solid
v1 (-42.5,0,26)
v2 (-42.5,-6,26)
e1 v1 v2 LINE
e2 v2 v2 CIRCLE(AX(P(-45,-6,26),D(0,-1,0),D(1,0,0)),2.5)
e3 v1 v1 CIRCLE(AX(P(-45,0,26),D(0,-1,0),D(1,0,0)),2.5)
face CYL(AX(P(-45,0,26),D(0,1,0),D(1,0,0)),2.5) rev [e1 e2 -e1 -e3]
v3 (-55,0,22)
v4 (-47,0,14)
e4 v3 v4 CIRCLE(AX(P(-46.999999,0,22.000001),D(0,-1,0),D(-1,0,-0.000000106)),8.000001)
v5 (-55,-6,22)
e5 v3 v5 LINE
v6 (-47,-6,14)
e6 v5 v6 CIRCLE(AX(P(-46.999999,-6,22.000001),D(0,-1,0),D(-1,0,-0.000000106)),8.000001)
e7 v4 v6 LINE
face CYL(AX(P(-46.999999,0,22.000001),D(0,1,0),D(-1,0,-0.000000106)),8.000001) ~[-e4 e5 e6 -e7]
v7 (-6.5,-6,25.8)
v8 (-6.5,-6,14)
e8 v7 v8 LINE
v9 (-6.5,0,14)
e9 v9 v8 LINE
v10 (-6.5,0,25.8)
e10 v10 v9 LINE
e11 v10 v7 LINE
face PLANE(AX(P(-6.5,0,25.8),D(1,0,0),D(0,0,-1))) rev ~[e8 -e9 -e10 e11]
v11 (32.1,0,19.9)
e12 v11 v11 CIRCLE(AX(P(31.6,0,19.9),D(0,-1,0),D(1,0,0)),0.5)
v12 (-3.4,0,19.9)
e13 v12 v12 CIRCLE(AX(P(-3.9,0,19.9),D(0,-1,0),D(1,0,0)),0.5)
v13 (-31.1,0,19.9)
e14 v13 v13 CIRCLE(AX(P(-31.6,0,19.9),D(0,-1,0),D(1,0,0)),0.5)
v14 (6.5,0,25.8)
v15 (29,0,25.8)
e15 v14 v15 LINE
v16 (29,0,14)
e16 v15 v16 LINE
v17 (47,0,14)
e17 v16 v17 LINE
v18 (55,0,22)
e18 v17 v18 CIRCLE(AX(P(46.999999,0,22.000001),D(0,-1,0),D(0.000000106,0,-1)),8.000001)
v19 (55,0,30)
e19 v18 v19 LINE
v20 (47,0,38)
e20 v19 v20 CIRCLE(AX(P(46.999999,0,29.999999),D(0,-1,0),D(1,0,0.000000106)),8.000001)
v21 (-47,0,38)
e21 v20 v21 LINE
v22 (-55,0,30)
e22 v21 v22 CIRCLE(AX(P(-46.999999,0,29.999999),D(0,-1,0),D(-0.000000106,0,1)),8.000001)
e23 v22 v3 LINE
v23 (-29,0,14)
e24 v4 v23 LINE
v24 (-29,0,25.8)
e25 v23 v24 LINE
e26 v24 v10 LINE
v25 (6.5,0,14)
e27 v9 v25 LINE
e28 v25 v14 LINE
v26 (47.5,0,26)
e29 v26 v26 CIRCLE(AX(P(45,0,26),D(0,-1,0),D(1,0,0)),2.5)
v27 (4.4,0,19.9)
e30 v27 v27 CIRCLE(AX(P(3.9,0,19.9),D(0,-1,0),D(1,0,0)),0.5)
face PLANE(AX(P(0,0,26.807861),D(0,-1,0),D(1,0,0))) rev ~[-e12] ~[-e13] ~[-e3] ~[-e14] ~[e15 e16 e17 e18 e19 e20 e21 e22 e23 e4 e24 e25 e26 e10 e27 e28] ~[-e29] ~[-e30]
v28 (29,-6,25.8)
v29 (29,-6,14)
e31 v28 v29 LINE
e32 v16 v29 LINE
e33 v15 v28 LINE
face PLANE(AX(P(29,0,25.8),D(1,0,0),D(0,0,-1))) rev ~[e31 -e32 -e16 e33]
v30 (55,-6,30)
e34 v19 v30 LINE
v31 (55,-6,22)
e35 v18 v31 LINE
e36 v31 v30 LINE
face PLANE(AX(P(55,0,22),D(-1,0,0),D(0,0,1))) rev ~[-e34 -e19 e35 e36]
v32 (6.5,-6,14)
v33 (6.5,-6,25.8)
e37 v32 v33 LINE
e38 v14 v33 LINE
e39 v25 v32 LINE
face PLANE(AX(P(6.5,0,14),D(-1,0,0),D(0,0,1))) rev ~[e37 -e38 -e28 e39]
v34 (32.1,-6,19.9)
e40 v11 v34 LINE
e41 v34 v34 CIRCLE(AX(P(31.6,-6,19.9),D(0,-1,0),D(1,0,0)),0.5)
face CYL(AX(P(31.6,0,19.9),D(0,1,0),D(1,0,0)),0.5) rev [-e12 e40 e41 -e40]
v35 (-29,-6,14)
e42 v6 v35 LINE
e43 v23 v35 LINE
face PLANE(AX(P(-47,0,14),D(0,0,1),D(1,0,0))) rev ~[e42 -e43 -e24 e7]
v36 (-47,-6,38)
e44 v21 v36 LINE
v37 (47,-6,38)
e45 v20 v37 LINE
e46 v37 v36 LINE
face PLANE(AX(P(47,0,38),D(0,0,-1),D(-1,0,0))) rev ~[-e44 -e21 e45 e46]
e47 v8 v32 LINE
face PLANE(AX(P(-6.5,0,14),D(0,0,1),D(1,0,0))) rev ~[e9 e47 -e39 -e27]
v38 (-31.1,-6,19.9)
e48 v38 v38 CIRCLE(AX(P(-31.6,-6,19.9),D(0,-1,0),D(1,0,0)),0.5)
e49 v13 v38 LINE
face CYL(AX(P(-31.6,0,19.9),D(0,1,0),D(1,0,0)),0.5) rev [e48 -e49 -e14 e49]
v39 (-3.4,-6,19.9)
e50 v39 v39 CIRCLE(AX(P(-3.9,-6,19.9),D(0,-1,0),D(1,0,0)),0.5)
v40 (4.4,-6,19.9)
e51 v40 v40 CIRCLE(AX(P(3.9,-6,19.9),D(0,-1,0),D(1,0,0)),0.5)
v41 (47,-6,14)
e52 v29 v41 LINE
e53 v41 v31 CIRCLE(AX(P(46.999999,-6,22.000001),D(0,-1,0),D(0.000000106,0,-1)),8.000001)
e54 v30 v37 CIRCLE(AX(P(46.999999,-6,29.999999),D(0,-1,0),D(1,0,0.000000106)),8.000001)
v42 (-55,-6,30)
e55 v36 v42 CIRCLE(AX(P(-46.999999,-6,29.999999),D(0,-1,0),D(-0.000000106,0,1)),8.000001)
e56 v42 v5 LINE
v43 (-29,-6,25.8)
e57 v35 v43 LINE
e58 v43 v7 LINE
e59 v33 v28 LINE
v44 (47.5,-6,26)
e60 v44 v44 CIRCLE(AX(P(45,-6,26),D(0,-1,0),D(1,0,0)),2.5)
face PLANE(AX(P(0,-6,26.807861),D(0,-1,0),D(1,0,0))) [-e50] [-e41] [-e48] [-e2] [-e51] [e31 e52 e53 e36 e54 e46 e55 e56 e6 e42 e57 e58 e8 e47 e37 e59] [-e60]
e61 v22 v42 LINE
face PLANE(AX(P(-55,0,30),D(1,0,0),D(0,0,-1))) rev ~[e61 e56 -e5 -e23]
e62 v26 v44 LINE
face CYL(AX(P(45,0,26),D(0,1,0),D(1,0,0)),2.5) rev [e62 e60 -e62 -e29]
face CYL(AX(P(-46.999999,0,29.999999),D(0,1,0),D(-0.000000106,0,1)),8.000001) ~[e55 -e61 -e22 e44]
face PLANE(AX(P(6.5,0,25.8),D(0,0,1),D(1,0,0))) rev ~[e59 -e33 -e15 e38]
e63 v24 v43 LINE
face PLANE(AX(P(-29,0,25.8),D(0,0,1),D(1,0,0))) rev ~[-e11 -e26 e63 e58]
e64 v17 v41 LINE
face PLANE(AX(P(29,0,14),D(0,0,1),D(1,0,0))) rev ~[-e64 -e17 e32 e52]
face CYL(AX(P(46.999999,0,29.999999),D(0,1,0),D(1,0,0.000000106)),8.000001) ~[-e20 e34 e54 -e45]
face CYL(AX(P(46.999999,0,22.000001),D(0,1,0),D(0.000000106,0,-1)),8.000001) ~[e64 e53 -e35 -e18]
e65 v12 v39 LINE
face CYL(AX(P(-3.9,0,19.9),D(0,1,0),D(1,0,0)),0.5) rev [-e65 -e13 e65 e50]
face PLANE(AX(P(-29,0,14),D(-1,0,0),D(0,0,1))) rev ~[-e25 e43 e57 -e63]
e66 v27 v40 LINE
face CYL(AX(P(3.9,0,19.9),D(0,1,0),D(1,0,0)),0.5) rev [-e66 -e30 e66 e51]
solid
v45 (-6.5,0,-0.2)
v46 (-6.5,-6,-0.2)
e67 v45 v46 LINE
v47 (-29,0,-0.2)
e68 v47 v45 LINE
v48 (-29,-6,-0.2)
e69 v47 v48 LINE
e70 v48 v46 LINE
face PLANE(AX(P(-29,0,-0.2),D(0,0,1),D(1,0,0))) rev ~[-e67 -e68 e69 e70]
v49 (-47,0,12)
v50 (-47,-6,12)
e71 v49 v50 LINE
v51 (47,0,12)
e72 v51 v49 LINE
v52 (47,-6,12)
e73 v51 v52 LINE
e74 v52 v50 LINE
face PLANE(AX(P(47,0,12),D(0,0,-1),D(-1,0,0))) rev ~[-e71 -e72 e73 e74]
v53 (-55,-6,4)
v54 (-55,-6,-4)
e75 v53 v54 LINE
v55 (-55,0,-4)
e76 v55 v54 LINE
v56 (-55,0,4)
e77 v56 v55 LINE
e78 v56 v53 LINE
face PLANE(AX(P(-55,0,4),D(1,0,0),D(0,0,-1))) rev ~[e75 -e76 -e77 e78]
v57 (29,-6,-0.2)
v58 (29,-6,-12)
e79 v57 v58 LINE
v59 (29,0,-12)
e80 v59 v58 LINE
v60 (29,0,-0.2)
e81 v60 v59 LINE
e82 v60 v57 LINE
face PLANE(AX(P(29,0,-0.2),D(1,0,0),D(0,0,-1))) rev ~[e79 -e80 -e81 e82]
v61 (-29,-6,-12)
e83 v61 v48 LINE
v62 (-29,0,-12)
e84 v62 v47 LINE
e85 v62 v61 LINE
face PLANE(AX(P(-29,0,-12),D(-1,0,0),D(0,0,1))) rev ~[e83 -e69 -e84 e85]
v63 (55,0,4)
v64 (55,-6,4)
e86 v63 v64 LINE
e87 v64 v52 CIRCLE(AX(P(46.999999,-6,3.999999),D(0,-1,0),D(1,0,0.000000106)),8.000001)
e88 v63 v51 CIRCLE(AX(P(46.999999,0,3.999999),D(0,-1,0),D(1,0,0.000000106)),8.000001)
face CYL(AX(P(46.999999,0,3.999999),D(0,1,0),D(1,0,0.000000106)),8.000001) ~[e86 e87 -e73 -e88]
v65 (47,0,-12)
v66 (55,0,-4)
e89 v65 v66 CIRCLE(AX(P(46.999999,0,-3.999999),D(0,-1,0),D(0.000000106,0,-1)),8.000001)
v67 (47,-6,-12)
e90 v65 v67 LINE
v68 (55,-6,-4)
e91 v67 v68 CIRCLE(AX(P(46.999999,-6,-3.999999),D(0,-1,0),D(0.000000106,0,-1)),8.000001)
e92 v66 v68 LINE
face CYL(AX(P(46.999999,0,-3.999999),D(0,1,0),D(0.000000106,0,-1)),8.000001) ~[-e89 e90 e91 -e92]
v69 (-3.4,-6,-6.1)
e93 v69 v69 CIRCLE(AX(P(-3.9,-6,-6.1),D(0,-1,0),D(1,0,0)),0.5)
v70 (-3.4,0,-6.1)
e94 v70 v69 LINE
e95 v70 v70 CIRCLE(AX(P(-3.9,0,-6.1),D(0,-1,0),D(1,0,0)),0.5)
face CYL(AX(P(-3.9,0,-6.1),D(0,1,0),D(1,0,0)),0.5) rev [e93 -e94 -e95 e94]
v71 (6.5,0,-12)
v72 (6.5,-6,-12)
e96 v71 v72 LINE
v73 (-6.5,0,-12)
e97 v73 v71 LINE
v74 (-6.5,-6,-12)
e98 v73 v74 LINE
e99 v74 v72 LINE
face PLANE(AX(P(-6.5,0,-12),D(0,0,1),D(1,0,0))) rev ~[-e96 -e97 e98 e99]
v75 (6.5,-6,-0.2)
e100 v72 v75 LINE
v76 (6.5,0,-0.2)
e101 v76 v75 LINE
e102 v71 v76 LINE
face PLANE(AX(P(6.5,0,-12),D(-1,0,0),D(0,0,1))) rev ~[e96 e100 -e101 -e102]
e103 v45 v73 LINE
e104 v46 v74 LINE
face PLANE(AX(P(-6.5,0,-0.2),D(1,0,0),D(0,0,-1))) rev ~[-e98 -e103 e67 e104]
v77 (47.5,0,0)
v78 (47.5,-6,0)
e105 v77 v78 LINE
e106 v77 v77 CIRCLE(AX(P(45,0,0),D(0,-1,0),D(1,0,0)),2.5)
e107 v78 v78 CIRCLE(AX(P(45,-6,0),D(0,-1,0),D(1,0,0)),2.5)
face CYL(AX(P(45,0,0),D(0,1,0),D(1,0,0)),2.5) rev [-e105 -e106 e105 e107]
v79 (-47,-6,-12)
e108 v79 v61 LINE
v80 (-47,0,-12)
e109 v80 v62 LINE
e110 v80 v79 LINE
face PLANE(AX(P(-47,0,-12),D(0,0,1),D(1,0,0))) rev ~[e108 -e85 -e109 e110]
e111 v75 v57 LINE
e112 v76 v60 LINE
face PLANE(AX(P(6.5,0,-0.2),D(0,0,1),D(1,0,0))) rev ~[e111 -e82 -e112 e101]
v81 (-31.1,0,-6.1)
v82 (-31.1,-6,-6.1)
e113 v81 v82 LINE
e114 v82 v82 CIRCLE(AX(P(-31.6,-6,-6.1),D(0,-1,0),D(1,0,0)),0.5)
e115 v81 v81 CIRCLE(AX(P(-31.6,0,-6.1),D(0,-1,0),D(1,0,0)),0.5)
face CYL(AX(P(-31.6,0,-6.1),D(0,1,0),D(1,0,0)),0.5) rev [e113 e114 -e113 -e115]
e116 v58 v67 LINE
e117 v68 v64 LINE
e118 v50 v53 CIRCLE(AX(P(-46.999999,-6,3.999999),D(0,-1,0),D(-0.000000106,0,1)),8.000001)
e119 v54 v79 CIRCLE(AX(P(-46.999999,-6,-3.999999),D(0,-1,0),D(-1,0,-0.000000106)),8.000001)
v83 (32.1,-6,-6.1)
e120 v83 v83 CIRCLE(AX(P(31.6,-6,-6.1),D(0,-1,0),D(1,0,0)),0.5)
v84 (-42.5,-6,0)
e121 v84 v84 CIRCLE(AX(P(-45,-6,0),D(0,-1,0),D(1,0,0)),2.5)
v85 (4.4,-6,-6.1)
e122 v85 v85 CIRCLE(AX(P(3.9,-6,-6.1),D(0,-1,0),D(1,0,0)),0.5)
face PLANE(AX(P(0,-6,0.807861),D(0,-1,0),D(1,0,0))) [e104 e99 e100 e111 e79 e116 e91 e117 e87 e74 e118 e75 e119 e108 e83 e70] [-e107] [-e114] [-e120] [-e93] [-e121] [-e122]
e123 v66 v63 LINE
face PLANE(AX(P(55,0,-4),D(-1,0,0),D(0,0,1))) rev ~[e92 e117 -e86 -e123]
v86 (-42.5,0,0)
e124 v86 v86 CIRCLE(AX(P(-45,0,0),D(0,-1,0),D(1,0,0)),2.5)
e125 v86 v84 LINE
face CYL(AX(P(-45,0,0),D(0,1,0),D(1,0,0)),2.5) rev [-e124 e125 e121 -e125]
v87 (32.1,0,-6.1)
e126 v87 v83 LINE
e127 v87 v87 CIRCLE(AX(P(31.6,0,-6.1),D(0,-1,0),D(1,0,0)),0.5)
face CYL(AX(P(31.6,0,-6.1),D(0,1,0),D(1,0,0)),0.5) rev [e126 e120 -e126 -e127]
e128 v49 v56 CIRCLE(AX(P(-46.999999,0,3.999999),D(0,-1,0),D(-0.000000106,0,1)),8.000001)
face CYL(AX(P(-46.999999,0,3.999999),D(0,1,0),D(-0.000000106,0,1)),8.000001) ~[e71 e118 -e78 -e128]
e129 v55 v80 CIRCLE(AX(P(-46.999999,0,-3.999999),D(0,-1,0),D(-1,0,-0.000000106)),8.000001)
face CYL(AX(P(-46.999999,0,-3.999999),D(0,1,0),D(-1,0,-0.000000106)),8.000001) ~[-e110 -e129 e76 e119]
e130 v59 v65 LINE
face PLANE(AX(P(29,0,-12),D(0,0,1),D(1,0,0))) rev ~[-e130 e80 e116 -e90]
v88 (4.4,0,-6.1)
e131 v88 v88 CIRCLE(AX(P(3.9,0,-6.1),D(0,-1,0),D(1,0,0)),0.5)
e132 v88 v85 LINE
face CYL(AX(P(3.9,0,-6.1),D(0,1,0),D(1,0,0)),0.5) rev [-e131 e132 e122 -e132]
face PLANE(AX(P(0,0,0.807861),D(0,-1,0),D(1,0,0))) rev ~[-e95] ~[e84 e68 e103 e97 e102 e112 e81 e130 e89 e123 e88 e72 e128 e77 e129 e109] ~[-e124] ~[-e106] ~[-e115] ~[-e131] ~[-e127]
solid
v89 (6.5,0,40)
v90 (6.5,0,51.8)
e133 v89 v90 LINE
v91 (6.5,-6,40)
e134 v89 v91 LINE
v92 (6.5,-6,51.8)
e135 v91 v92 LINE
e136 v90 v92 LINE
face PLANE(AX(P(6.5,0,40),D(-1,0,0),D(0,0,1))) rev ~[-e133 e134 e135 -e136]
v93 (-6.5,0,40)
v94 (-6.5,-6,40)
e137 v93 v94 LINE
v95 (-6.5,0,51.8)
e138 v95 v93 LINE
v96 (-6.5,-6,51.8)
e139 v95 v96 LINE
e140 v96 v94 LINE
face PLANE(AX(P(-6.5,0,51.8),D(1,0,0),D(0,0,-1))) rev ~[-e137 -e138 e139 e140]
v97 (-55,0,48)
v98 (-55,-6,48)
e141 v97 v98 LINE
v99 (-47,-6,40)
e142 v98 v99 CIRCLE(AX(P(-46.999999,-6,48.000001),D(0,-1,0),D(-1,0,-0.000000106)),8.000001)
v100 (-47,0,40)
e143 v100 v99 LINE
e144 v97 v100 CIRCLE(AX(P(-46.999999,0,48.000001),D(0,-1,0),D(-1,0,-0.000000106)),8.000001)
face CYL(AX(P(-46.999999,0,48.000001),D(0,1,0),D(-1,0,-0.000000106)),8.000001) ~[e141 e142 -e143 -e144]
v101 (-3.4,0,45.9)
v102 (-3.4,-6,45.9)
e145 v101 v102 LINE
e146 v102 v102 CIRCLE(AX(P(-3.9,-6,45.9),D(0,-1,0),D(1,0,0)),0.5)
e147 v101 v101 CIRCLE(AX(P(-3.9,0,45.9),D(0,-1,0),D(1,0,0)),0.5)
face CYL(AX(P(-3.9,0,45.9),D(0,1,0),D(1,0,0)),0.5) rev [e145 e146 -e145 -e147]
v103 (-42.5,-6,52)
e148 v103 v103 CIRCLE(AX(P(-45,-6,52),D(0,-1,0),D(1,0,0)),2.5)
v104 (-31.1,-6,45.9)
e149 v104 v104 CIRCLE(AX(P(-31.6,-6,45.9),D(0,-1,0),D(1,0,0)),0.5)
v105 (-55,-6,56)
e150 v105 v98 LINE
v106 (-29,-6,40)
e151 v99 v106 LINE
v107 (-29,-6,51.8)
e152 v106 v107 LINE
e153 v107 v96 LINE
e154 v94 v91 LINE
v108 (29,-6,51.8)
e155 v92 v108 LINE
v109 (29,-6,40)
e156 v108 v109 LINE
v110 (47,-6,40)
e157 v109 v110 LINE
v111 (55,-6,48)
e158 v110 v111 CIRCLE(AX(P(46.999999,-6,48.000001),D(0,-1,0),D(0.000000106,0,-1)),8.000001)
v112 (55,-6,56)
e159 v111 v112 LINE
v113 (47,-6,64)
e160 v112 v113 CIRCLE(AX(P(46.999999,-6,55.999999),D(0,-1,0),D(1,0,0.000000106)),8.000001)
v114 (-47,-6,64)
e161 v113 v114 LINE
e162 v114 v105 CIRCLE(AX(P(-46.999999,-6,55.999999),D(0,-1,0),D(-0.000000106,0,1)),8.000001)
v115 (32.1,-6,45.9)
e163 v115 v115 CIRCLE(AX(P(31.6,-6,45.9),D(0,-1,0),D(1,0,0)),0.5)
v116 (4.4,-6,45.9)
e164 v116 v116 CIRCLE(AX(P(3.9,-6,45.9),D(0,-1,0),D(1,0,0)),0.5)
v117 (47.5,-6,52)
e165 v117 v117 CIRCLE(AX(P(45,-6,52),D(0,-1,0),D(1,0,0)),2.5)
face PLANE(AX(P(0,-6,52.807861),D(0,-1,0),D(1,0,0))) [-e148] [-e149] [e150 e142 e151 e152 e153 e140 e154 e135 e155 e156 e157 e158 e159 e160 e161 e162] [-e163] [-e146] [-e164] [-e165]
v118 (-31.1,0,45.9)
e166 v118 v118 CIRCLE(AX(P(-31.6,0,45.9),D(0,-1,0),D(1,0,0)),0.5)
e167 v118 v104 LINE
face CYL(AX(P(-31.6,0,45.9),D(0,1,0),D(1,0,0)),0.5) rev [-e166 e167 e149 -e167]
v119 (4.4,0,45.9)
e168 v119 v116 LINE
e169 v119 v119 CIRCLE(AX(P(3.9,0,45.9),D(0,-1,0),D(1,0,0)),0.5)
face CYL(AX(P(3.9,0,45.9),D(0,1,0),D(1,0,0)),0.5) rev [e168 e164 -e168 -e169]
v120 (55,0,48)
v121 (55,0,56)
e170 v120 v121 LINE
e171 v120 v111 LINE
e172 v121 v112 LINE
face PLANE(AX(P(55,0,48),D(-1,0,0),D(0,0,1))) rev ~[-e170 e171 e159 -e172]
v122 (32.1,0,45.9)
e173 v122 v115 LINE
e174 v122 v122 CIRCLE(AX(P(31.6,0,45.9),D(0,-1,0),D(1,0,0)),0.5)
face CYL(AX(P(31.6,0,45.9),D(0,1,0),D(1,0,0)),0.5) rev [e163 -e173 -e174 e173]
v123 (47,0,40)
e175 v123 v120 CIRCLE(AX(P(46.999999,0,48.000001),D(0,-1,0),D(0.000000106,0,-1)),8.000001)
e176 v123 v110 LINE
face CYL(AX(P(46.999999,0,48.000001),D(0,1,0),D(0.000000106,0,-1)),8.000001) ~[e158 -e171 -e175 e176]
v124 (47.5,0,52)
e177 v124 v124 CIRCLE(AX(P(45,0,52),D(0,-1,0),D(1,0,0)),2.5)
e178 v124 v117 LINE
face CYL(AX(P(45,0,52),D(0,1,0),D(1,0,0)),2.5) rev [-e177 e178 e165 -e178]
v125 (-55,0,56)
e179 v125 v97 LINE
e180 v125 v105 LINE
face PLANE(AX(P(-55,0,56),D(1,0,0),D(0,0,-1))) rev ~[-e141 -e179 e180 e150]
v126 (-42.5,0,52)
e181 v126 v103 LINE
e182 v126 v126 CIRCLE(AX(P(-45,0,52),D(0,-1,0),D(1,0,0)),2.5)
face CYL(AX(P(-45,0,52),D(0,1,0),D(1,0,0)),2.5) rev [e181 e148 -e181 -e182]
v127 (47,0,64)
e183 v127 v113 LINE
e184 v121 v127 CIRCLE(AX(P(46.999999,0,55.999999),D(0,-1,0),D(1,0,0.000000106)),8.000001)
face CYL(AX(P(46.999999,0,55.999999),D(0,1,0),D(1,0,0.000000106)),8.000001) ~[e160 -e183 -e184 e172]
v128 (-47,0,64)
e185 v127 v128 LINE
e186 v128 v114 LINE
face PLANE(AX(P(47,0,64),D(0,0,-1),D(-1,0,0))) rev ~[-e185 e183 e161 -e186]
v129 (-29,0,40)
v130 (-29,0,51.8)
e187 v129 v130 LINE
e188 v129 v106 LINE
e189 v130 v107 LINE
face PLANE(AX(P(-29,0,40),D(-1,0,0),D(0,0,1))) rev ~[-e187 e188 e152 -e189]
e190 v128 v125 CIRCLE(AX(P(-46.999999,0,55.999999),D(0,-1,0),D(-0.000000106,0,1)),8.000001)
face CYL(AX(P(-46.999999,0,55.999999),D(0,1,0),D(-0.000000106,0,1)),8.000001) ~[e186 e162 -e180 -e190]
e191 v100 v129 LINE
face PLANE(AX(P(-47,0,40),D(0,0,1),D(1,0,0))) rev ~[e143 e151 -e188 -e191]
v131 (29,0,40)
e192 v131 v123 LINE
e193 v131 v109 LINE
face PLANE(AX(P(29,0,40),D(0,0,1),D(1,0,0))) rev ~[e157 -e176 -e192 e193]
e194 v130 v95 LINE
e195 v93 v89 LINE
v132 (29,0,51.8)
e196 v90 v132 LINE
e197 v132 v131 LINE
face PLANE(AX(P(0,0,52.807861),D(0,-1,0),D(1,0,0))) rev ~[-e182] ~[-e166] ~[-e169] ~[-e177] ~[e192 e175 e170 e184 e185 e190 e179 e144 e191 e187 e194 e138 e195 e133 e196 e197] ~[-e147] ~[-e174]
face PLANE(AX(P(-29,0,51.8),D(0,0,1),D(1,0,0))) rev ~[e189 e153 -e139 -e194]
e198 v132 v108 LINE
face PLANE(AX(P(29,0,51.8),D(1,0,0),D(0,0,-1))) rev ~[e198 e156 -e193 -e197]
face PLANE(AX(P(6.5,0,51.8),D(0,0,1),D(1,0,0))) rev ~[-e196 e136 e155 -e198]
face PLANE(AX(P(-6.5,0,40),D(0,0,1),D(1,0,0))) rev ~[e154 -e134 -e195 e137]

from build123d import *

# Parameters (mm, degrees)
F0_R     = 0.5
F0_R_2   = 2.5
F1_DEPTH = 6


with BuildPart() as f1:
    # F0 (on Front) → F1 (new body)
    with BuildSketch(Plane.XZ):
        with BuildLine():
            Line((47, 12), (-47, 12))
            ThreePointArc((-47, 12), (-52.656854, 9.656854), (-55, 4))
            Line((-55, 4), (-55, -4))
            ThreePointArc((-55, -4), (-52.656854, -9.656854), (-47, -12))
            Line((-47, -12), (-29, -12))
            Line((-29, -12), (-29, -0.2))
            Line((-29, -0.2), (-6.5, -0.2))
            Line((-6.5, -0.2), (-6.5, -12))
            Line((-6.5, -12), (6.5, -12))
            Line((6.5, -12), (6.5, -0.2))
            Line((6.5, -0.2), (29, -0.2))
            Line((29, -0.2), (29, -12))
            Line((29, -12), (47, -12))
            ThreePointArc((47, -12), (52.656854, -9.656854), (55, -4))
            Line((55, -4), (55, 4))
            ThreePointArc((55, 4), (52.656854, 9.656854), (47, 12))
        make_face()
        with Locations((-31.6, -6.1)):
            Circle(F0_R, mode=Mode.SUBTRACT)
        with Locations((-45, 0)):
            Circle(F0_R_2, mode=Mode.SUBTRACT)
        with Locations((-3.9, -6.1)):
            Circle(F0_R, mode=Mode.SUBTRACT)
        with Locations((3.9, -6.1)):
            Circle(F0_R, mode=Mode.SUBTRACT)
        with Locations((31.6, -6.1)):
            Circle(F0_R, mode=Mode.SUBTRACT)
        with Locations((45, 0)):
            Circle(F0_R_2, mode=Mode.SUBTRACT)
        with BuildLine():
            Line((-47, 14), (-29, 14))
            Line((-29, 14), (-29, 25.8))
            Line((-29, 25.8), (-6.5, 25.8))
            Line((-6.5, 25.8), (-6.5, 14))
            Line((-6.5, 14), (6.5, 14))
            Line((6.5, 14), (6.5, 25.8))
            Line((6.5, 25.8), (29, 25.8))
            Line((29, 25.8), (29, 14))
            Line((29, 14), (47, 14))
            ThreePointArc((47, 14), (52.656854, 16.343146), (55, 22))
            Line((55, 22), (55, 30))
            ThreePointArc((55, 30), (52.656854, 35.656854), (47, 38))
            Line((47, 38), (-47, 38))
            ThreePointArc((-47, 38), (-52.656854, 35.656854), (-55, 30))
            Line((-55, 30), (-55, 22))
            ThreePointArc((-55, 22), (-52.656854, 16.343146), (-47, 14))
        make_face()
        with Locations((-31.6, 19.9)):
            Circle(F0_R, mode=Mode.SUBTRACT)
        with Locations((-3.9, 19.9)):
            Circle(F0_R, mode=Mode.SUBTRACT)
        with Locations((3.9, 19.9)):
            Circle(F0_R, mode=Mode.SUBTRACT)
        with Locations((31.6, 19.9)):
            Circle(F0_R, mode=Mode.SUBTRACT)
        with Locations((-45, 26)):
            Circle(F0_R_2, mode=Mode.SUBTRACT)
        with Locations((45, 26)):
            Circle(F0_R_2, mode=Mode.SUBTRACT)
        with BuildLine():
            Line((-47, 40), (-29, 40))
            Line((-29, 40), (-29, 51.8))
            Line((-29, 51.8), (-6.5, 51.8))
            Line((-6.5, 51.8), (-6.5, 40))
            Line((-6.5, 40), (6.5, 40))
            Line((6.5, 40), (6.5, 51.8))
            Line((6.5, 51.8), (29, 51.8))
            Line((29, 51.8), (29, 40))
            Line((29, 40), (47, 40))
            ThreePointArc((47, 40), (52.656854, 42.343146), (55, 48))
            Line((55, 48), (55, 56))
            ThreePointArc((55, 56), (52.656854, 61.656854), (47, 64))
            Line((47, 64), (-47, 64))
            ThreePointArc((-47, 64), (-52.656854, 61.656854), (-55, 56))
            Line((-55, 56), (-55, 48))
            ThreePointArc((-55, 48), (-52.656854, 42.343146), (-47, 40))
        make_face()
        with Locations((-45, 52)):
            Circle(F0_R_2, mode=Mode.SUBTRACT)
        with Locations((-31.6, 45.9)):
            Circle(F0_R, mode=Mode.SUBTRACT)
        with Locations((-3.9, 45.9)):
            Circle(F0_R, mode=Mode.SUBTRACT)
        with Locations((3.9, 45.9)):
            Circle(F0_R, mode=Mode.SUBTRACT)
        with Locations((31.6, 45.9)):
            Circle(F0_R, mode=Mode.SUBTRACT)
        with Locations((45, 52)):
            Circle(F0_R_2, mode=Mode.SUBTRACT)
    extrude(amount=F1_DEPTH)


solid = f1.part
